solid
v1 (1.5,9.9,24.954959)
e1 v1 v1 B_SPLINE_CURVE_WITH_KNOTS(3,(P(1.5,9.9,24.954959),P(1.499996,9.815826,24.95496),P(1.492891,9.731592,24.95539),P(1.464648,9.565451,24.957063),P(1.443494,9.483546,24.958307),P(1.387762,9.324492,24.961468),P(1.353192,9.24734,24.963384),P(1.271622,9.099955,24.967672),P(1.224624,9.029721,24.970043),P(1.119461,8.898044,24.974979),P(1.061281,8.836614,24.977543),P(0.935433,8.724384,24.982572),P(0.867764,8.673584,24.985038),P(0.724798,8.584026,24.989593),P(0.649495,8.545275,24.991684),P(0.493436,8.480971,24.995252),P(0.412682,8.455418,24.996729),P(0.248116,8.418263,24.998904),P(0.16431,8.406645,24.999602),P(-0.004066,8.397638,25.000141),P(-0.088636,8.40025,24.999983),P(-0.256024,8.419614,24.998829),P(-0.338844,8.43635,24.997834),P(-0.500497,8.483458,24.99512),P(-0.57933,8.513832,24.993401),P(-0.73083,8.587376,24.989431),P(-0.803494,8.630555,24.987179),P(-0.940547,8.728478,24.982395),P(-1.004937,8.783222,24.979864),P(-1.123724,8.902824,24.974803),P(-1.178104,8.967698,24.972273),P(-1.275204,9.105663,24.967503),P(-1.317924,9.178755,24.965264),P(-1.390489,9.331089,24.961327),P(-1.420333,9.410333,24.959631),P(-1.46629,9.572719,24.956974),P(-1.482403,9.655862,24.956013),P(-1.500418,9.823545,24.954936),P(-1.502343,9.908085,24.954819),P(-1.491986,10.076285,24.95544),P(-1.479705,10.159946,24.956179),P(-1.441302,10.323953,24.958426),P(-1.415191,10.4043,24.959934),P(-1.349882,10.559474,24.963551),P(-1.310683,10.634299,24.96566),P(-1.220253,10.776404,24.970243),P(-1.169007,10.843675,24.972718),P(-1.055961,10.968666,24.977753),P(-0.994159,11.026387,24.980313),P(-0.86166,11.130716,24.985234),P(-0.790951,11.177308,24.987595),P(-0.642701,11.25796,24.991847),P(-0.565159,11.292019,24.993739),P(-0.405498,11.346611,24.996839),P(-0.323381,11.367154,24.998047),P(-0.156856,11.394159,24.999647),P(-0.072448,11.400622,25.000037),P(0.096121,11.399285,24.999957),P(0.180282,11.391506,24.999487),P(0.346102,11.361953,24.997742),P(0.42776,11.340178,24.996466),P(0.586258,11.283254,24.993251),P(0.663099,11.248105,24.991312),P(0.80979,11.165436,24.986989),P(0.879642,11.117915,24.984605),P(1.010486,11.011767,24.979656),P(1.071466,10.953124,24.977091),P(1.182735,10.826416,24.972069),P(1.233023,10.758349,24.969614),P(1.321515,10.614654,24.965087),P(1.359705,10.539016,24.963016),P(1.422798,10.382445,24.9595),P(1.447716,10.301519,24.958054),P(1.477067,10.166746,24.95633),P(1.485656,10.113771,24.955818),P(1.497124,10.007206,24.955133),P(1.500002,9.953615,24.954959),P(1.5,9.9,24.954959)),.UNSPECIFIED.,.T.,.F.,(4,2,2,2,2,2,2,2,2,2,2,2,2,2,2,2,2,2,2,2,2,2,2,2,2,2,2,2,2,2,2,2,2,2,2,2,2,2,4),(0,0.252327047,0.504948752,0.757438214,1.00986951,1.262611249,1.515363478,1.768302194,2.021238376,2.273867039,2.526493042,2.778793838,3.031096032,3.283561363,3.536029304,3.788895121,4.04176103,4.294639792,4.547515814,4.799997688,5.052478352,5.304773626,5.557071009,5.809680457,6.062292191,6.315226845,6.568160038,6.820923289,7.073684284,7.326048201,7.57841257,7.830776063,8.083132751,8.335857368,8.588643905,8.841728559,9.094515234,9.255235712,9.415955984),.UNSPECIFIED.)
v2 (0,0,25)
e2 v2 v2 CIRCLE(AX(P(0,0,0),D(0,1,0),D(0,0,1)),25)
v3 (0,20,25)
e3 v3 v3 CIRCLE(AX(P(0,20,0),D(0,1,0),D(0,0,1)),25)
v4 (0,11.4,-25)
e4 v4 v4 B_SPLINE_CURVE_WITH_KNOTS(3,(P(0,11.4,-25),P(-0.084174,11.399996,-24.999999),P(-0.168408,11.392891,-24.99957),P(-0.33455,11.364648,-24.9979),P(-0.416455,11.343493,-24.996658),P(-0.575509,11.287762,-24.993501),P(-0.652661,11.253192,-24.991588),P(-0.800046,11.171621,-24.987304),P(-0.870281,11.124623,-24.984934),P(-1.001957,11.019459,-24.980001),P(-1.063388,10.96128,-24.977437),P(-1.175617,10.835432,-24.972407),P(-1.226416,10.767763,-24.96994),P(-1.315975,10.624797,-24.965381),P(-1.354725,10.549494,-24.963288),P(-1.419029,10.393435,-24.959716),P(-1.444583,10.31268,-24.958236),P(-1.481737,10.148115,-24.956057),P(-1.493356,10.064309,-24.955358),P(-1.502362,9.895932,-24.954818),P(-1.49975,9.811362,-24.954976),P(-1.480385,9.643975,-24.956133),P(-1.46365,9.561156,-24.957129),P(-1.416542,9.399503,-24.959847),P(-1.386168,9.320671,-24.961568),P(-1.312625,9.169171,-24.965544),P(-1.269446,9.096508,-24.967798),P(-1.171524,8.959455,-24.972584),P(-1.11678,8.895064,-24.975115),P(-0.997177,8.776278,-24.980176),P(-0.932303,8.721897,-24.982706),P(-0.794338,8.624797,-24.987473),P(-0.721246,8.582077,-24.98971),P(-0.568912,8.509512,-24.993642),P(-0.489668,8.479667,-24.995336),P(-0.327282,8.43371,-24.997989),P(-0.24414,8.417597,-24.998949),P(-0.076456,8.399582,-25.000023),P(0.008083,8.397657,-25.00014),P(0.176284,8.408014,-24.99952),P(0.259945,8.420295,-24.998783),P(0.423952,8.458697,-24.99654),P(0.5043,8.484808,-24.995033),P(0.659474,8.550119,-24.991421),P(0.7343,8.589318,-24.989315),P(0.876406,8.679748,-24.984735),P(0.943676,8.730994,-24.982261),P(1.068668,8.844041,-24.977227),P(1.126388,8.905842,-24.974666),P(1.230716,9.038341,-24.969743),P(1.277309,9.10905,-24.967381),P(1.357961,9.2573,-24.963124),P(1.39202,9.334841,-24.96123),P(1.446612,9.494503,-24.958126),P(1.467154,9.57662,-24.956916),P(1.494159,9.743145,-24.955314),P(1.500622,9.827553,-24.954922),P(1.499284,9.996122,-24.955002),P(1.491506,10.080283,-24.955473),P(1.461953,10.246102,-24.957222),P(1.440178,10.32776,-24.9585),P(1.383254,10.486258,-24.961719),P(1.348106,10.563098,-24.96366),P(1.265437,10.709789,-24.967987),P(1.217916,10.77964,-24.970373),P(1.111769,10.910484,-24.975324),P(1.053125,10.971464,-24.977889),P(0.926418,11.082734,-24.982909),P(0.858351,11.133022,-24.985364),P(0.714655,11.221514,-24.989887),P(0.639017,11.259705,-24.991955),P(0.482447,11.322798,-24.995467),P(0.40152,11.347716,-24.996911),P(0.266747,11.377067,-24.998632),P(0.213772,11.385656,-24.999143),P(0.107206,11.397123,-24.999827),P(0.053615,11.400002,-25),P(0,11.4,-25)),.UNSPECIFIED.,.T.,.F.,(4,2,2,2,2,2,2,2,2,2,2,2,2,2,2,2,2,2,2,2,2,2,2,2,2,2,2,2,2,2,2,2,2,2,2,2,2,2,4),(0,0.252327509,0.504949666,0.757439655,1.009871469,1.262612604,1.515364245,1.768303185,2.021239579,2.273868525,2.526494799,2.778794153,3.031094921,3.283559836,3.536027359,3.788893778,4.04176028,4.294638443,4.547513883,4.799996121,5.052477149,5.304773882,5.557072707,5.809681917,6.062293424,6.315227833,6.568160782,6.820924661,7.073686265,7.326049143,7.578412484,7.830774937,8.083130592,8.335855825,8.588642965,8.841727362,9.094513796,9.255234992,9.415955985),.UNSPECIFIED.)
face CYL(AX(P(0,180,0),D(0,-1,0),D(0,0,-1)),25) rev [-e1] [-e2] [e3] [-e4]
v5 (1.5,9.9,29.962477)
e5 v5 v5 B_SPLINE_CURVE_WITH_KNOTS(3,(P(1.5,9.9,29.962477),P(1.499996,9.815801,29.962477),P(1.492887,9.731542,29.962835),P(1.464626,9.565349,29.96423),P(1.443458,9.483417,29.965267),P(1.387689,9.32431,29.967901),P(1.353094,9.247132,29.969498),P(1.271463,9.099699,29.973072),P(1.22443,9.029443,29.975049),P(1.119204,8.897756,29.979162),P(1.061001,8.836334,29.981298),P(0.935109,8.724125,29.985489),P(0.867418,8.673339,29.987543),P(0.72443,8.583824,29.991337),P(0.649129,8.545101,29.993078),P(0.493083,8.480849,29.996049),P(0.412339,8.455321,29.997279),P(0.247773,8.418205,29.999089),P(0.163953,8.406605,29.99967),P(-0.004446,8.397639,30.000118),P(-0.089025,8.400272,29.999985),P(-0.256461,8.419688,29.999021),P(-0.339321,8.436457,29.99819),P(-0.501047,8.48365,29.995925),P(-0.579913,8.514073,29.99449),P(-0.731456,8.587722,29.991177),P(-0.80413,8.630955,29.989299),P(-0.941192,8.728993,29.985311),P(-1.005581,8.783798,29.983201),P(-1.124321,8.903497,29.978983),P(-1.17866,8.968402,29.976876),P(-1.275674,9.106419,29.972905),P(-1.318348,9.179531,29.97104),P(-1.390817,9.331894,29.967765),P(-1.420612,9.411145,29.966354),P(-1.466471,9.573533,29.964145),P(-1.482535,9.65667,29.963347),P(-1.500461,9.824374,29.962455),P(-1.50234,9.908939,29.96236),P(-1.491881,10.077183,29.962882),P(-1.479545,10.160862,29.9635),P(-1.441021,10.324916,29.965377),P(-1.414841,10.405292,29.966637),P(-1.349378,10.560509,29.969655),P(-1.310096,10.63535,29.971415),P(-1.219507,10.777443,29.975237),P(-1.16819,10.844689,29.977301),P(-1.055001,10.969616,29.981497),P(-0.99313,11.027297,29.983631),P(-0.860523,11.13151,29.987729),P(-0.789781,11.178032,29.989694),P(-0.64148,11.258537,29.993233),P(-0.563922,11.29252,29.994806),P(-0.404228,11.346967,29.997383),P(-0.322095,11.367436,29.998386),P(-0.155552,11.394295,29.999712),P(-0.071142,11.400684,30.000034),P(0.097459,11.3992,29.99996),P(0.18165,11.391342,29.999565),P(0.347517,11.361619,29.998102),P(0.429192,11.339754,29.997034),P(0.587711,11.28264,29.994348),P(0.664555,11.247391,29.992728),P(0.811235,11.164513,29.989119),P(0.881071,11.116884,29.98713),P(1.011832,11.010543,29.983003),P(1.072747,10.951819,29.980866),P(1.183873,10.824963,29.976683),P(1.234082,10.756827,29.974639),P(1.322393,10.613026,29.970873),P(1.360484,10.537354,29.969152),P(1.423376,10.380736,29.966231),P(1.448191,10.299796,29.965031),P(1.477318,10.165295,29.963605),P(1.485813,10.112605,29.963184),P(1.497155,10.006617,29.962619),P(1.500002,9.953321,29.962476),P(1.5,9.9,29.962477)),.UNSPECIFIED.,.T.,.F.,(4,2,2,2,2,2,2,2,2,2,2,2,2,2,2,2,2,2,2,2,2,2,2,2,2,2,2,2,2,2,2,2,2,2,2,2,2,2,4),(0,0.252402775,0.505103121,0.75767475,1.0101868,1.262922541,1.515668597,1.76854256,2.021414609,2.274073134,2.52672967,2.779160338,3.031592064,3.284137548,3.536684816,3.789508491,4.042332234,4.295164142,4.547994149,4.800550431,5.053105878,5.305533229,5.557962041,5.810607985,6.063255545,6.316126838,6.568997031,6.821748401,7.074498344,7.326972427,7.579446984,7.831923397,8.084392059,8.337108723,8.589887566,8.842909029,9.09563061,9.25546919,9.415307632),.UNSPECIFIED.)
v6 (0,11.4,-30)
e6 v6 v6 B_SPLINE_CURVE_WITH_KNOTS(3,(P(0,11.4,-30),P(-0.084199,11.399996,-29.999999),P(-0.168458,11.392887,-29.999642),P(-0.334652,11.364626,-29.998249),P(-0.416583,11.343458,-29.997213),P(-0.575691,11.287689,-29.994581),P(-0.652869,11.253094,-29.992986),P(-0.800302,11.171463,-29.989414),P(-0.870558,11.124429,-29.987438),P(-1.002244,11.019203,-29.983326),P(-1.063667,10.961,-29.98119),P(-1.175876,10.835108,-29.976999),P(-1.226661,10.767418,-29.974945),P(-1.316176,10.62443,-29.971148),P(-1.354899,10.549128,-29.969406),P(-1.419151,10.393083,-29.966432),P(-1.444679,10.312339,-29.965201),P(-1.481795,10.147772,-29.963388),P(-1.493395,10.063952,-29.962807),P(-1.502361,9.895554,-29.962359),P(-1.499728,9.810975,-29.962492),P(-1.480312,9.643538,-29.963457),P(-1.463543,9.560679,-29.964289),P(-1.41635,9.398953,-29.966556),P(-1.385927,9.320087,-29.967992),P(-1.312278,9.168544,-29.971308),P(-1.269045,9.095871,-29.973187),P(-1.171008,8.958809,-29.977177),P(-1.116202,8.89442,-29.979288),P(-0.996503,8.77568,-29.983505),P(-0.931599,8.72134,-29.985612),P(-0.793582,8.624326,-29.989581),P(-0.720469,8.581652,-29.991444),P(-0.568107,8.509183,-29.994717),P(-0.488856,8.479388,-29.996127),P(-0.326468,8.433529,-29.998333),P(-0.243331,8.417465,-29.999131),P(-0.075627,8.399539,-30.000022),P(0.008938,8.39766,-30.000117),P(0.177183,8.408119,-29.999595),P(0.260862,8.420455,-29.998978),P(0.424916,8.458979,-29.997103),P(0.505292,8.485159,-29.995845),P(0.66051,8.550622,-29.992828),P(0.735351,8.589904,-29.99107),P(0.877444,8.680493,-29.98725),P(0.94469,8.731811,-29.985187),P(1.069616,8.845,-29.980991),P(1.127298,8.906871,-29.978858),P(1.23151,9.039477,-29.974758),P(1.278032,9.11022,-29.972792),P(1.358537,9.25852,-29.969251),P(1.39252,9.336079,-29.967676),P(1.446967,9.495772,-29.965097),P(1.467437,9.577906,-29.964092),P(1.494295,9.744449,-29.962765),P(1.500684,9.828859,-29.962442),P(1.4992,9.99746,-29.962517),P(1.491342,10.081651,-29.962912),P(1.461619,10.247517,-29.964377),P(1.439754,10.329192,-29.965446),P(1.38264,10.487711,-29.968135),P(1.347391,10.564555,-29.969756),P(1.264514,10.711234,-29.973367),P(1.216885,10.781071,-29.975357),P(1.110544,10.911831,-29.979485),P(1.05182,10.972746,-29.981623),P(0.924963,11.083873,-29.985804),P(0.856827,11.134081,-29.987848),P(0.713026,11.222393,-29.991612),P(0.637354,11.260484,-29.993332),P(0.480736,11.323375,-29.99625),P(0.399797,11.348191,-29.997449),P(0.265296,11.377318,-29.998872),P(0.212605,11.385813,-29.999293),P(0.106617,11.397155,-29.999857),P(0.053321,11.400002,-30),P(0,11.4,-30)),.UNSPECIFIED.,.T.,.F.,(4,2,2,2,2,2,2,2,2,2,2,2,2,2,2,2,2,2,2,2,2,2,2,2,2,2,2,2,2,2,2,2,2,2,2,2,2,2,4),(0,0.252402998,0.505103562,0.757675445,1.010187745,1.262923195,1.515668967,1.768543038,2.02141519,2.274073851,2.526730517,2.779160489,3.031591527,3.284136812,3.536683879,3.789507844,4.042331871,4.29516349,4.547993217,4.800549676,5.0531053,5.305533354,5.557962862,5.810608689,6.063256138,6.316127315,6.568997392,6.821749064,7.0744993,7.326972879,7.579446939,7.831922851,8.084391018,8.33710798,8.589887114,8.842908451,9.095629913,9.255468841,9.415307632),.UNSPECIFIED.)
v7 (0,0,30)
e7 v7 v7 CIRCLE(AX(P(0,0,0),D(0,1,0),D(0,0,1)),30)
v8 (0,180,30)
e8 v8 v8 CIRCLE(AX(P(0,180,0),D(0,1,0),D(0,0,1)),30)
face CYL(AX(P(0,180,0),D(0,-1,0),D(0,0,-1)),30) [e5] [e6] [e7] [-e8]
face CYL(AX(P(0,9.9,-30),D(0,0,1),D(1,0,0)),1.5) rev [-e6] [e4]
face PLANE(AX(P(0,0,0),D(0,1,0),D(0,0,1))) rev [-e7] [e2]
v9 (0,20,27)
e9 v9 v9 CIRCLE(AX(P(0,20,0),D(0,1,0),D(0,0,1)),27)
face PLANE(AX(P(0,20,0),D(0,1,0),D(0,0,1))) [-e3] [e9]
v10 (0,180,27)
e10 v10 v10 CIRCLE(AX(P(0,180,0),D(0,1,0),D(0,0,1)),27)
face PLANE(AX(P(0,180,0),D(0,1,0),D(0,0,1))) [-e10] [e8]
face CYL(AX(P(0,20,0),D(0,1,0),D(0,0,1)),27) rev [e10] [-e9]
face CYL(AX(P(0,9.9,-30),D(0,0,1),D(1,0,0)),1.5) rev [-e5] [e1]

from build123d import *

# Parameters (mm, degrees)
SKETCH1_R               = 30
SKETCH1_R_2             = 25
BOSS_EXTRUDE1_DEPTH     = 180
SKETCH2_R               = 1.5
CUT_EXTRUDE1_DEPTH      = 31
CUT_EXTRUDE1_DEPTH_BACK = 31
SKETCH3_R               = 27
SKETCH3_R_2             = 19.569844271
CUT_EXTRUDE2_DEPTH      = 160


with BuildPart() as part:
    # Sketch1 → Boss-Extrude1 (new body)
    with BuildSketch(Plane(origin=(0, 0, 0), x_dir=(1, 0, 0), z_dir=(0, 1, 0))):
        Circle(SKETCH1_R)
        Circle(SKETCH1_R_2, mode=Mode.SUBTRACT)
    extrude(amount=BOSS_EXTRUDE1_DEPTH)

    # Sketch2 → Cut-Extrude1 (cut, two sides)
    with BuildSketch(Plane.XY) as cut_extrude1_sk:
        with Locations((0, 9.9)):
            Circle(SKETCH2_R)
    extrude(amount=CUT_EXTRUDE1_DEPTH, mode=Mode.SUBTRACT)
    extrude(cut_extrude1_sk.sketch, amount=-CUT_EXTRUDE1_DEPTH_BACK, mode=Mode.SUBTRACT)

    # Sketch3 → Cut-Extrude2 (cut)
    with BuildSketch(Plane(origin=(0, 180, 0), x_dir=(1, 0, 0), z_dir=(0, 1, 0))):
        Circle(SKETCH3_R)
        Circle(SKETCH3_R_2, mode=Mode.SUBTRACT)
    extrude(amount=-CUT_EXTRUDE2_DEPTH, mode=Mode.SUBTRACT)


solid = part.part
